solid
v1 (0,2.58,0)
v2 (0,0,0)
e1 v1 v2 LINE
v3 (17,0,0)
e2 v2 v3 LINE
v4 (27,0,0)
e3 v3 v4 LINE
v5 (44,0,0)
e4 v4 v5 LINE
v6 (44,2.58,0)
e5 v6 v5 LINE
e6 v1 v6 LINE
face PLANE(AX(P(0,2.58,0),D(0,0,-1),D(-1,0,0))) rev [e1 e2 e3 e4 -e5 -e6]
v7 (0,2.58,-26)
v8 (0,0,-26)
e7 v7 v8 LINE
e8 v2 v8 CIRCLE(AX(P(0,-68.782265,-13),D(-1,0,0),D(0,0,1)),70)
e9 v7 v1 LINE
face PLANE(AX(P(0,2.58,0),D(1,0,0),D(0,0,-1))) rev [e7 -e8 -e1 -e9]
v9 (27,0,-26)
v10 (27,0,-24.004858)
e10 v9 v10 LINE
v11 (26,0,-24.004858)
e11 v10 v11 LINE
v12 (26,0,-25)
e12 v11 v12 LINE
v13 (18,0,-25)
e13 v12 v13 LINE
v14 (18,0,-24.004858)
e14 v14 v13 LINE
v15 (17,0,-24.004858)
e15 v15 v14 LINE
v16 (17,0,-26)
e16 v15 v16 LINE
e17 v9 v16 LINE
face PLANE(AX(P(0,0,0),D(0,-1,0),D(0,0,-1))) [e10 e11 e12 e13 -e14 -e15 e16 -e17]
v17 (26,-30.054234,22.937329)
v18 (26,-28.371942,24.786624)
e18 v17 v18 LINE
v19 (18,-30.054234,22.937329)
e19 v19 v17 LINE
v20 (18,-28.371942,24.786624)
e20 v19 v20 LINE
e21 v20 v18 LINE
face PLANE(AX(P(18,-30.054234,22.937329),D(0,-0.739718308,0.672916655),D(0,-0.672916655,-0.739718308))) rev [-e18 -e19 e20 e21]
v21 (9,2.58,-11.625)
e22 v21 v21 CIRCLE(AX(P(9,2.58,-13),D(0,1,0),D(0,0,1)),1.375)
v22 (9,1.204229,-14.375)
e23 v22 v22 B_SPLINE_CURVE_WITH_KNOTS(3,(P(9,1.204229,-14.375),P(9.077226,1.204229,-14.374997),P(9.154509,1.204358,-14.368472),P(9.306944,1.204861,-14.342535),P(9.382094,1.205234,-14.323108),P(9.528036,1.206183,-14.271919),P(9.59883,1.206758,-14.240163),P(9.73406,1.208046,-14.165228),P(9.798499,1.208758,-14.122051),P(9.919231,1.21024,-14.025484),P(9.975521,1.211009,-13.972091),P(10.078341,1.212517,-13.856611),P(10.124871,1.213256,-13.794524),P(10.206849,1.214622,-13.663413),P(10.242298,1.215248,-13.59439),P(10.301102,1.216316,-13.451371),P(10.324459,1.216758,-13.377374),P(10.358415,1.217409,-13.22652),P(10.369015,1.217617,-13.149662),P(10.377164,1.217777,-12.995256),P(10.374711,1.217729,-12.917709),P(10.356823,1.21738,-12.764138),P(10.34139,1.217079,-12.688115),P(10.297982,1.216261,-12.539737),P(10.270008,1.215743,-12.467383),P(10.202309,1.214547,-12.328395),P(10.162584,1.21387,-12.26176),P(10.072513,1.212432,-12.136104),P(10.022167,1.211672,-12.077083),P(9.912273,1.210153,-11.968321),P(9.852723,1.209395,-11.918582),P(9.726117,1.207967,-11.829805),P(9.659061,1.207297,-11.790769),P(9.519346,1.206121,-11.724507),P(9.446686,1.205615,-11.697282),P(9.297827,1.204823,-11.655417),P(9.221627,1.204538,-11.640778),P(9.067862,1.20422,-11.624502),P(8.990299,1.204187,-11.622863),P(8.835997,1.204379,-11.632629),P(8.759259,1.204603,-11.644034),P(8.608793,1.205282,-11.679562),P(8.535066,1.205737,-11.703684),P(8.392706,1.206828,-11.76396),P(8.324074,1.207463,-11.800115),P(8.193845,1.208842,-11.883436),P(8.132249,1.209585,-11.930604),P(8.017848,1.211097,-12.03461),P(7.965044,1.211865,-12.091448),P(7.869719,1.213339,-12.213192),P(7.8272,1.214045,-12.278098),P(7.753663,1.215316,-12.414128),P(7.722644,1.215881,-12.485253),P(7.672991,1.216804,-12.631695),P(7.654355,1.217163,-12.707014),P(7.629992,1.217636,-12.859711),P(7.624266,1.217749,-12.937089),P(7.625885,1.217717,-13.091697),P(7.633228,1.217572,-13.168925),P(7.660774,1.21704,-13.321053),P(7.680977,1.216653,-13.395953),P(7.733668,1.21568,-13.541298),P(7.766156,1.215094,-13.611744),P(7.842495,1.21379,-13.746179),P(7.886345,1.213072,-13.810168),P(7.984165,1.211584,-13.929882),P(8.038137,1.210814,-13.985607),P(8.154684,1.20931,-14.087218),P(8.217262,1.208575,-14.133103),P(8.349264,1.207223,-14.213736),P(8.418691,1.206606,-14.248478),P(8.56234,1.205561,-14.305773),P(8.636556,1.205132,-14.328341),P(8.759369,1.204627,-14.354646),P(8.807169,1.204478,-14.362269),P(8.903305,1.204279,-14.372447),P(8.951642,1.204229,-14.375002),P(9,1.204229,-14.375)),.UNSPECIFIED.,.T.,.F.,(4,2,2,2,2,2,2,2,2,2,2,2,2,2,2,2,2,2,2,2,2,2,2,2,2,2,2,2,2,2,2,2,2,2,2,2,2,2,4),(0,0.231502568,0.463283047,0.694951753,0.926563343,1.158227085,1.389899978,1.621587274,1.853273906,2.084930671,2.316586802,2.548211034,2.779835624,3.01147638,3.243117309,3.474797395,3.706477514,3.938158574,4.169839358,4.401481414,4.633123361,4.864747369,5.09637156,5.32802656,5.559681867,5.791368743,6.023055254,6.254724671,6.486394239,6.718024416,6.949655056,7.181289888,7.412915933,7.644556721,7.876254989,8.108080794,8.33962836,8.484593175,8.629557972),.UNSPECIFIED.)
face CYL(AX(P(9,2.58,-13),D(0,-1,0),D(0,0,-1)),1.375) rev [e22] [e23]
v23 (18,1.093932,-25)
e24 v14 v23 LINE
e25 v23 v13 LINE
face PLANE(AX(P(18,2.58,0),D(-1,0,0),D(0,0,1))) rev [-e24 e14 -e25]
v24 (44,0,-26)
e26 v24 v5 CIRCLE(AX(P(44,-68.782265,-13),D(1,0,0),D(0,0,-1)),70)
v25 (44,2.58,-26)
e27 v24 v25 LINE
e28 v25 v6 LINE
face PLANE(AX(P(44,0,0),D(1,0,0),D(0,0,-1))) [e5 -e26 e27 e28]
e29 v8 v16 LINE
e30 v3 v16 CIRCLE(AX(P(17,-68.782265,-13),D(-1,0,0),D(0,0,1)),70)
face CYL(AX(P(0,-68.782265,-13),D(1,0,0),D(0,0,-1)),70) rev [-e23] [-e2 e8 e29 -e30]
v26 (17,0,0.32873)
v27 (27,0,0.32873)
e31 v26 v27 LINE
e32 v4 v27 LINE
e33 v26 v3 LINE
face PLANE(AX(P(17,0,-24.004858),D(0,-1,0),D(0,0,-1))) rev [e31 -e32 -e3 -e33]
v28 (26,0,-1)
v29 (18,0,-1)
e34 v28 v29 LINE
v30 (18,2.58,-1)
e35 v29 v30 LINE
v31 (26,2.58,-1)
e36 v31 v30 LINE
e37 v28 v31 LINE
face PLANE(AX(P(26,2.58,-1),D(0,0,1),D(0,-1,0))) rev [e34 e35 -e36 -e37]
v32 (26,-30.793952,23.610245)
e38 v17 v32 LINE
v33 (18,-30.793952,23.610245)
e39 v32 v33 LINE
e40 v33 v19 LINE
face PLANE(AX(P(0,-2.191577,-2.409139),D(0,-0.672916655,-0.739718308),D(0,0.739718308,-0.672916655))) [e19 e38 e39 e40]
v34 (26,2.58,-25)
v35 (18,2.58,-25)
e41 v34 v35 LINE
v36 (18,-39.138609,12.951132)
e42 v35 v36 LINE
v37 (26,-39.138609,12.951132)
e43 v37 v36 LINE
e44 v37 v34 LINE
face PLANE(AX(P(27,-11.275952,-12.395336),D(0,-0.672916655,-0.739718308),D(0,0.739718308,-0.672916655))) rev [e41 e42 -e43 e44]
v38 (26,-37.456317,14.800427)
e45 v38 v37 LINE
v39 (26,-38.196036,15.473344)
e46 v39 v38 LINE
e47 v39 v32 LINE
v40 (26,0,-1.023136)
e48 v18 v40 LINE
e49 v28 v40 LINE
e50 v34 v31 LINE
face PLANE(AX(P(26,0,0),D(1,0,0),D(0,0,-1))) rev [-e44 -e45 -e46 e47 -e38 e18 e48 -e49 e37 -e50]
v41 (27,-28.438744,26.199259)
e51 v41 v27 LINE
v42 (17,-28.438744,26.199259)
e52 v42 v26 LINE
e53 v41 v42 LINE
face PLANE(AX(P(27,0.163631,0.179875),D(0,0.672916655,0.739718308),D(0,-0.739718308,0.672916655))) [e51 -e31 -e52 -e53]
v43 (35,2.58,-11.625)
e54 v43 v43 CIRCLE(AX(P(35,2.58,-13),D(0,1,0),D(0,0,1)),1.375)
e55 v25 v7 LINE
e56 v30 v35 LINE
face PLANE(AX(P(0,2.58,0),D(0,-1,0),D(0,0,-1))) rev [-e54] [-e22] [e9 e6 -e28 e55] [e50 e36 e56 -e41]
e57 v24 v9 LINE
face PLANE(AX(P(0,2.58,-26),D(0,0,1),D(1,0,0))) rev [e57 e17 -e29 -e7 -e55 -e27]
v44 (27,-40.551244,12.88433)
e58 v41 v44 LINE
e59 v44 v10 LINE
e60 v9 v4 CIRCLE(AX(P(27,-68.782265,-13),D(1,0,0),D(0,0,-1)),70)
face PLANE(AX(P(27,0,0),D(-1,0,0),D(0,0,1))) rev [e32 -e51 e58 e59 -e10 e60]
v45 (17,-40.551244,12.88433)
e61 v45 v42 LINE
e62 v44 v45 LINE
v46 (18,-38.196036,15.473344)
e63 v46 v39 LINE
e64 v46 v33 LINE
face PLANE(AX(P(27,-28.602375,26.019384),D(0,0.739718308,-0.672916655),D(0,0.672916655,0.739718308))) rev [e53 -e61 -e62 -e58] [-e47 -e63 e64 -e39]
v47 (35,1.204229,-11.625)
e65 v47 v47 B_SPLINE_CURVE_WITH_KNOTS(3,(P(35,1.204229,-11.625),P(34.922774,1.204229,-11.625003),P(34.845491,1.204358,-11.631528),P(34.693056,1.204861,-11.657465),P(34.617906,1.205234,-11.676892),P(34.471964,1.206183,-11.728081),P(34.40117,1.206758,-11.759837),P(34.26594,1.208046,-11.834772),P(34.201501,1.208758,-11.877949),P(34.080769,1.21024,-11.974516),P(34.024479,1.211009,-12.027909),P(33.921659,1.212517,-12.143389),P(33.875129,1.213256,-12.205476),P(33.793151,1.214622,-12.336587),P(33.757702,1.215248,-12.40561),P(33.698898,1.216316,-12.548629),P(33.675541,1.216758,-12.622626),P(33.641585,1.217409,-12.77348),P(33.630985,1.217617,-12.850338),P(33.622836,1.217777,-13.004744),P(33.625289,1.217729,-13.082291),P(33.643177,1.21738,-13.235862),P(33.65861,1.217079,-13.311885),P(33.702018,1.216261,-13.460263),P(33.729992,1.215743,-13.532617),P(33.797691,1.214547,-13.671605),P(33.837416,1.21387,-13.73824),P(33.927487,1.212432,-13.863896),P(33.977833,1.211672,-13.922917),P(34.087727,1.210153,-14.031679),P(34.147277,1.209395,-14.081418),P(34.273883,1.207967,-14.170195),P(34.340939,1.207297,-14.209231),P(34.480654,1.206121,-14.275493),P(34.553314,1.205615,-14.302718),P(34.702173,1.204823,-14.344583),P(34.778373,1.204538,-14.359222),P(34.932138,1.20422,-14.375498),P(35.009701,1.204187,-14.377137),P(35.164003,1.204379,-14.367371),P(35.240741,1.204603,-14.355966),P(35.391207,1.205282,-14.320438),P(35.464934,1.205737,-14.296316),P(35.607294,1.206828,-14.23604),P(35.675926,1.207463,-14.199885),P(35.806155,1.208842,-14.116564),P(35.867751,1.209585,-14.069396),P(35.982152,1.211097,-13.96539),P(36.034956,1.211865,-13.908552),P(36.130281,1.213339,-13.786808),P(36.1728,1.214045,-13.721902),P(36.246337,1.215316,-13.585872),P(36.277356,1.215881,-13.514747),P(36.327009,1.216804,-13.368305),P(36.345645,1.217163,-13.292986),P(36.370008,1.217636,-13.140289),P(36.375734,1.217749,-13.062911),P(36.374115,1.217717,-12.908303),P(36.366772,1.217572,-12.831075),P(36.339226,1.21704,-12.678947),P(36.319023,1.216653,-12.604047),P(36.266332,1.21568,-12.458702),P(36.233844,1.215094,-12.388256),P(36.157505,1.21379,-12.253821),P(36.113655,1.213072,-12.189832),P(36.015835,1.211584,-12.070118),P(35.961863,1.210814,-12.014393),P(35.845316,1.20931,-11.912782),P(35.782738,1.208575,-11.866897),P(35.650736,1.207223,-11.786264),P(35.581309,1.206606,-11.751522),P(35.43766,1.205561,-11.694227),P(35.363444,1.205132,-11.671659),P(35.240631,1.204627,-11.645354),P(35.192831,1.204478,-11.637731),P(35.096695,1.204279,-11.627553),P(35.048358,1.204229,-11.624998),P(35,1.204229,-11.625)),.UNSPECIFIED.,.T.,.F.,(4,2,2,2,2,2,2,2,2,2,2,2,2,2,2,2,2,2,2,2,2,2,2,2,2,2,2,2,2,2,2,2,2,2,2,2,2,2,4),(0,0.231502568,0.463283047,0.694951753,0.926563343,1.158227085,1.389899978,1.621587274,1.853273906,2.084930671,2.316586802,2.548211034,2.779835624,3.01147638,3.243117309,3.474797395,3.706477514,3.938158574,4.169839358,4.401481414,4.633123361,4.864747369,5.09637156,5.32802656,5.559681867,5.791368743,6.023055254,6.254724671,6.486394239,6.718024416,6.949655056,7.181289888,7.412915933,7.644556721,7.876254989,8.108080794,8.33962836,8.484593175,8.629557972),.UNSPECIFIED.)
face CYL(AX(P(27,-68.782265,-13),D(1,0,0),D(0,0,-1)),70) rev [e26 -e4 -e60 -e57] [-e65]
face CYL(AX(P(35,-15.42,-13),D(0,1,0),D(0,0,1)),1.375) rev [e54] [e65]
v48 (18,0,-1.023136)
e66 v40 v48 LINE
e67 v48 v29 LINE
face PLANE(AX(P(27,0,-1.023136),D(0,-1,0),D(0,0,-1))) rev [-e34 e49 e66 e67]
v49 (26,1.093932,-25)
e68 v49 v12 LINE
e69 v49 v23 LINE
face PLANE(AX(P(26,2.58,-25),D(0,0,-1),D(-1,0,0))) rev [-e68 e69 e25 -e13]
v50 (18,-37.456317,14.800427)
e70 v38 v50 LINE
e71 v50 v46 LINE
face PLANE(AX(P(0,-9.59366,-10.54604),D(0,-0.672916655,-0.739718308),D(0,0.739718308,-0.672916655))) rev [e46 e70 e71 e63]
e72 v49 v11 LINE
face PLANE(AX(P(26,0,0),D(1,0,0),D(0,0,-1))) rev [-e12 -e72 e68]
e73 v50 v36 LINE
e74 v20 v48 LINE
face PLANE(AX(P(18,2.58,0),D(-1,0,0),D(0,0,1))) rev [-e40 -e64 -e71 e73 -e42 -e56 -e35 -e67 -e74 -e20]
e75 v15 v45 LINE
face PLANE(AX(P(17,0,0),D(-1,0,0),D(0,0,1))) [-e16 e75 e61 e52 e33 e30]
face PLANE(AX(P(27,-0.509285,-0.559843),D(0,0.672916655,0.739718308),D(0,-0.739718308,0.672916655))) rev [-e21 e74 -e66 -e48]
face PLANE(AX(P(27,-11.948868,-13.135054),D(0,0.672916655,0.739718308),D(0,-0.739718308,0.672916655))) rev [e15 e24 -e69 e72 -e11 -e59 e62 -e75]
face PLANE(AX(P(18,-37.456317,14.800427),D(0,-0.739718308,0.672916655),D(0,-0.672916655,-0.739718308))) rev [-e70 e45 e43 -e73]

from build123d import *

# Parameters (mm, degrees)
SKETCH18_W                = 18
SKETCH18_H                = 26
SKETCH18_R                = 1.375
BOSS_EXTRUDE1_DEPTH       = 2.58
SKETCH19_W                = 1
SKETCH19_H                = 2.58
BOSS_EXTRUDE2_DEPTH       = 8
SKETCH20_W                = 26
SKETCH20_H                = 2.58
BOSS_EXTRUDE3_DEPTH       = 18
SKETCH21_R                = 1.375
CUT_EXTRUDE1_DEPTH        = 18
BOSS_EXTRUDE12_DEPTH      = 1
BOSS_EXTRUDE13_DEPTH      = 8
BOSS_EXTRUDE13_DEPTH_BACK = 1
SKETCH27_W                = 8
SKETCH27_H                = 1
BOSS_EXTRUDE14_DEPTH      = 2.5
SKETCH28_W                = 8
SKETCH28_H                = 1
BOSS_EXTRUDE15_DEPTH      = 2.5
BOSS_EXTRUDE16_DEPTH      = 1
BOSS_EXTRUDE17_DEPTH      = 9
SKETCH31_R                = 70
CUT_EXTRUDE8_DEPTH        = 17
SKETCH22_R                = 70
CUT_EXTRUDE9_DEPTH        = 17


with BuildPart() as part:
    # Sketch18 → Boss-Extrude1 (new body)
    with BuildSketch(Plane(origin=(0, 0, 0), x_dir=(1, 0, 0), z_dir=(0, 1, 0))):
        with Locations((9, 13)):
            Rectangle(SKETCH18_W, SKETCH18_H)
        with Locations((9, 13)):
            Circle(SKETCH18_R, mode=Mode.SUBTRACT)
    extrude(amount=BOSS_EXTRUDE1_DEPTH)

    # Sketch19 → Boss-Extrude2 (add)
    with BuildSketch(Plane(origin=(18, 0, 0), x_dir=(0, 0, -1), z_dir=(1, 0, 0))):
        with Locations((0.5, 1.29)):
            Rectangle(SKETCH19_W, SKETCH19_H)
        with Locations((25.5, 1.29)):
            Rectangle(SKETCH19_W, SKETCH19_H)
    extrude(amount=BOSS_EXTRUDE2_DEPTH)

    # Sketch20 → Boss-Extrude3 (add)
    with BuildSketch(Plane(origin=(26, 0, 0), x_dir=(0, 0, -1), z_dir=(1, 0, 0))):
        with Locations((13, 1.29)):
            Rectangle(SKETCH20_W, SKETCH20_H)
    extrude(amount=BOSS_EXTRUDE3_DEPTH)

    # Sketch21 → Cut-Extrude1 (cut)
    with BuildSketch(Plane(origin=(0, 2.58, 0), x_dir=(1, 0, 0), z_dir=(0, 1, 0))):
        with Locations((35, 13)):
            Circle(SKETCH21_R)
    extrude(amount=-CUT_EXTRUDE1_DEPTH, mode=Mode.SUBTRACT)

    # Sketch26<3> → Boss-Extrude13 (add, two sides: drawn at the far end of the back side and taken through both)
    with BuildSketch(Plane.ZY.offset(-26).offset(-BOSS_EXTRUDE13_DEPTH_BACK)):
        Polygon((4.34485947, -4.414818386), (3.605141162, -5.087735041), (25.459541086, -29.111660746), (26.199259394, -28.438744091), align=None)
        Polygon((13.62404816, -39.878327231), (-25, 2.58), (-25, 1.093931863), (12.884329852, -40.551243886), align=None)
    extrude(amount=BOSS_EXTRUDE13_DEPTH + BOSS_EXTRUDE13_DEPTH_BACK)


with BuildPart() as body_2:
    # Sketch26 → Boss-Extrude12 (new body)
    with BuildSketch(Plane.ZY.offset(-26)):
        Polygon((-1.0231364, 0), (-19.42564271, 0), (-21.280747396, 0), (-22.652991751, 0), (13.62404816, -39.878327231), (25.459541086, -29.111660746), (3.605141162, -5.087735041), align=None)
    extrude(amount=-BOSS_EXTRUDE12_DEPTH)



with BuildPart() as boss_extrude13_piece_1:
    # of the separate pieces the step leaves, piece 1, a body of its own (boss_extrude13_pieces)
    add(part.part.solids().sort_by_distance((0, 0, 0))[0])


with BuildPart() as boss_extrude13_piece_2:
    # of the separate pieces the step leaves, piece 2, a body of its own (boss_extrude13_pieces)
    add(part.part.solids().sort_by_distance((18, -5.087735041, 3.605141162))[0])


with BuildPart() as body_2_1:
    add(body_2.part)

    add(boss_extrude13_piece_2.part)  # Boss-Extrude14 merges Boss-Extrude13 piece 2
    # Sketch27 → Boss-Extrude14 (add)
    with BuildSketch(Plane(origin=(0, -0.509285347, -0.559843024), x_dir=(-1, 0, 0), z_dir=(0, -0.6729166552839775, -0.7397183078993143))):
        with Locations((-22, -38.16657766)):
            Rectangle(SKETCH27_W, SKETCH27_H)
    extrude(amount=BOSS_EXTRUDE14_DEPTH)


    add(boss_extrude13_piece_1.part)  # Boss-Extrude15 merges Boss-Extrude13 piece 1
    # Sketch28 → Boss-Extrude15 (add)
    with BuildSketch(Plane(origin=(0, -11.275951832, -12.39533595), x_dir=(1, 0, 0), z_dir=(0, 0.6729166552839719, 0.7397183078993194))):
        with Locations((22, -38.16657766)):
            Rectangle(SKETCH28_W, SKETCH28_H)
    extrude(amount=BOSS_EXTRUDE15_DEPTH)

    # Sketch29 → Boss-Extrude16 (add)
    with BuildSketch(Plane.ZY.offset(-18)):
        Polygon((-24.00485771, 0), (12.884329852, -40.551243886), (26.199259394, -28.438744091), (0.328729559, 0), align=None)
    extrude(amount=BOSS_EXTRUDE16_DEPTH)

    # Sketch32 → Boss-Extrude17 (add)
    with BuildSketch(Plane(origin=(18, 0, 0), x_dir=(0, 0, -1), z_dir=(1, 0, 0))):
        Polygon((-4.34485947, -4.414818386), (-3.605141162, -5.087735041), (1.0231364, 0), (-0.328729559, 0), align=None)
    extrude(amount=BOSS_EXTRUDE17_DEPTH)

    # Sketch31 → Cut-Extrude8 (cut)
    with BuildSketch(Plane.ZY.offset(-17)):
        with Locations((-13, -68.782265156)):
            Circle(SKETCH31_R)
    extrude(amount=CUT_EXTRUDE8_DEPTH, mode=Mode.SUBTRACT)

    # Sketch22 → Cut-Extrude9 (cut)
    with BuildSketch(Plane(origin=(44, 0, 0), x_dir=(0, 0, -1), z_dir=(1, 0, 0))):
        with Locations((13, -68.782265156)):
            Circle(SKETCH22_R)
    extrude(amount=-CUT_EXTRUDE9_DEPTH, mode=Mode.SUBTRACT)


solid = body_2_1.part
